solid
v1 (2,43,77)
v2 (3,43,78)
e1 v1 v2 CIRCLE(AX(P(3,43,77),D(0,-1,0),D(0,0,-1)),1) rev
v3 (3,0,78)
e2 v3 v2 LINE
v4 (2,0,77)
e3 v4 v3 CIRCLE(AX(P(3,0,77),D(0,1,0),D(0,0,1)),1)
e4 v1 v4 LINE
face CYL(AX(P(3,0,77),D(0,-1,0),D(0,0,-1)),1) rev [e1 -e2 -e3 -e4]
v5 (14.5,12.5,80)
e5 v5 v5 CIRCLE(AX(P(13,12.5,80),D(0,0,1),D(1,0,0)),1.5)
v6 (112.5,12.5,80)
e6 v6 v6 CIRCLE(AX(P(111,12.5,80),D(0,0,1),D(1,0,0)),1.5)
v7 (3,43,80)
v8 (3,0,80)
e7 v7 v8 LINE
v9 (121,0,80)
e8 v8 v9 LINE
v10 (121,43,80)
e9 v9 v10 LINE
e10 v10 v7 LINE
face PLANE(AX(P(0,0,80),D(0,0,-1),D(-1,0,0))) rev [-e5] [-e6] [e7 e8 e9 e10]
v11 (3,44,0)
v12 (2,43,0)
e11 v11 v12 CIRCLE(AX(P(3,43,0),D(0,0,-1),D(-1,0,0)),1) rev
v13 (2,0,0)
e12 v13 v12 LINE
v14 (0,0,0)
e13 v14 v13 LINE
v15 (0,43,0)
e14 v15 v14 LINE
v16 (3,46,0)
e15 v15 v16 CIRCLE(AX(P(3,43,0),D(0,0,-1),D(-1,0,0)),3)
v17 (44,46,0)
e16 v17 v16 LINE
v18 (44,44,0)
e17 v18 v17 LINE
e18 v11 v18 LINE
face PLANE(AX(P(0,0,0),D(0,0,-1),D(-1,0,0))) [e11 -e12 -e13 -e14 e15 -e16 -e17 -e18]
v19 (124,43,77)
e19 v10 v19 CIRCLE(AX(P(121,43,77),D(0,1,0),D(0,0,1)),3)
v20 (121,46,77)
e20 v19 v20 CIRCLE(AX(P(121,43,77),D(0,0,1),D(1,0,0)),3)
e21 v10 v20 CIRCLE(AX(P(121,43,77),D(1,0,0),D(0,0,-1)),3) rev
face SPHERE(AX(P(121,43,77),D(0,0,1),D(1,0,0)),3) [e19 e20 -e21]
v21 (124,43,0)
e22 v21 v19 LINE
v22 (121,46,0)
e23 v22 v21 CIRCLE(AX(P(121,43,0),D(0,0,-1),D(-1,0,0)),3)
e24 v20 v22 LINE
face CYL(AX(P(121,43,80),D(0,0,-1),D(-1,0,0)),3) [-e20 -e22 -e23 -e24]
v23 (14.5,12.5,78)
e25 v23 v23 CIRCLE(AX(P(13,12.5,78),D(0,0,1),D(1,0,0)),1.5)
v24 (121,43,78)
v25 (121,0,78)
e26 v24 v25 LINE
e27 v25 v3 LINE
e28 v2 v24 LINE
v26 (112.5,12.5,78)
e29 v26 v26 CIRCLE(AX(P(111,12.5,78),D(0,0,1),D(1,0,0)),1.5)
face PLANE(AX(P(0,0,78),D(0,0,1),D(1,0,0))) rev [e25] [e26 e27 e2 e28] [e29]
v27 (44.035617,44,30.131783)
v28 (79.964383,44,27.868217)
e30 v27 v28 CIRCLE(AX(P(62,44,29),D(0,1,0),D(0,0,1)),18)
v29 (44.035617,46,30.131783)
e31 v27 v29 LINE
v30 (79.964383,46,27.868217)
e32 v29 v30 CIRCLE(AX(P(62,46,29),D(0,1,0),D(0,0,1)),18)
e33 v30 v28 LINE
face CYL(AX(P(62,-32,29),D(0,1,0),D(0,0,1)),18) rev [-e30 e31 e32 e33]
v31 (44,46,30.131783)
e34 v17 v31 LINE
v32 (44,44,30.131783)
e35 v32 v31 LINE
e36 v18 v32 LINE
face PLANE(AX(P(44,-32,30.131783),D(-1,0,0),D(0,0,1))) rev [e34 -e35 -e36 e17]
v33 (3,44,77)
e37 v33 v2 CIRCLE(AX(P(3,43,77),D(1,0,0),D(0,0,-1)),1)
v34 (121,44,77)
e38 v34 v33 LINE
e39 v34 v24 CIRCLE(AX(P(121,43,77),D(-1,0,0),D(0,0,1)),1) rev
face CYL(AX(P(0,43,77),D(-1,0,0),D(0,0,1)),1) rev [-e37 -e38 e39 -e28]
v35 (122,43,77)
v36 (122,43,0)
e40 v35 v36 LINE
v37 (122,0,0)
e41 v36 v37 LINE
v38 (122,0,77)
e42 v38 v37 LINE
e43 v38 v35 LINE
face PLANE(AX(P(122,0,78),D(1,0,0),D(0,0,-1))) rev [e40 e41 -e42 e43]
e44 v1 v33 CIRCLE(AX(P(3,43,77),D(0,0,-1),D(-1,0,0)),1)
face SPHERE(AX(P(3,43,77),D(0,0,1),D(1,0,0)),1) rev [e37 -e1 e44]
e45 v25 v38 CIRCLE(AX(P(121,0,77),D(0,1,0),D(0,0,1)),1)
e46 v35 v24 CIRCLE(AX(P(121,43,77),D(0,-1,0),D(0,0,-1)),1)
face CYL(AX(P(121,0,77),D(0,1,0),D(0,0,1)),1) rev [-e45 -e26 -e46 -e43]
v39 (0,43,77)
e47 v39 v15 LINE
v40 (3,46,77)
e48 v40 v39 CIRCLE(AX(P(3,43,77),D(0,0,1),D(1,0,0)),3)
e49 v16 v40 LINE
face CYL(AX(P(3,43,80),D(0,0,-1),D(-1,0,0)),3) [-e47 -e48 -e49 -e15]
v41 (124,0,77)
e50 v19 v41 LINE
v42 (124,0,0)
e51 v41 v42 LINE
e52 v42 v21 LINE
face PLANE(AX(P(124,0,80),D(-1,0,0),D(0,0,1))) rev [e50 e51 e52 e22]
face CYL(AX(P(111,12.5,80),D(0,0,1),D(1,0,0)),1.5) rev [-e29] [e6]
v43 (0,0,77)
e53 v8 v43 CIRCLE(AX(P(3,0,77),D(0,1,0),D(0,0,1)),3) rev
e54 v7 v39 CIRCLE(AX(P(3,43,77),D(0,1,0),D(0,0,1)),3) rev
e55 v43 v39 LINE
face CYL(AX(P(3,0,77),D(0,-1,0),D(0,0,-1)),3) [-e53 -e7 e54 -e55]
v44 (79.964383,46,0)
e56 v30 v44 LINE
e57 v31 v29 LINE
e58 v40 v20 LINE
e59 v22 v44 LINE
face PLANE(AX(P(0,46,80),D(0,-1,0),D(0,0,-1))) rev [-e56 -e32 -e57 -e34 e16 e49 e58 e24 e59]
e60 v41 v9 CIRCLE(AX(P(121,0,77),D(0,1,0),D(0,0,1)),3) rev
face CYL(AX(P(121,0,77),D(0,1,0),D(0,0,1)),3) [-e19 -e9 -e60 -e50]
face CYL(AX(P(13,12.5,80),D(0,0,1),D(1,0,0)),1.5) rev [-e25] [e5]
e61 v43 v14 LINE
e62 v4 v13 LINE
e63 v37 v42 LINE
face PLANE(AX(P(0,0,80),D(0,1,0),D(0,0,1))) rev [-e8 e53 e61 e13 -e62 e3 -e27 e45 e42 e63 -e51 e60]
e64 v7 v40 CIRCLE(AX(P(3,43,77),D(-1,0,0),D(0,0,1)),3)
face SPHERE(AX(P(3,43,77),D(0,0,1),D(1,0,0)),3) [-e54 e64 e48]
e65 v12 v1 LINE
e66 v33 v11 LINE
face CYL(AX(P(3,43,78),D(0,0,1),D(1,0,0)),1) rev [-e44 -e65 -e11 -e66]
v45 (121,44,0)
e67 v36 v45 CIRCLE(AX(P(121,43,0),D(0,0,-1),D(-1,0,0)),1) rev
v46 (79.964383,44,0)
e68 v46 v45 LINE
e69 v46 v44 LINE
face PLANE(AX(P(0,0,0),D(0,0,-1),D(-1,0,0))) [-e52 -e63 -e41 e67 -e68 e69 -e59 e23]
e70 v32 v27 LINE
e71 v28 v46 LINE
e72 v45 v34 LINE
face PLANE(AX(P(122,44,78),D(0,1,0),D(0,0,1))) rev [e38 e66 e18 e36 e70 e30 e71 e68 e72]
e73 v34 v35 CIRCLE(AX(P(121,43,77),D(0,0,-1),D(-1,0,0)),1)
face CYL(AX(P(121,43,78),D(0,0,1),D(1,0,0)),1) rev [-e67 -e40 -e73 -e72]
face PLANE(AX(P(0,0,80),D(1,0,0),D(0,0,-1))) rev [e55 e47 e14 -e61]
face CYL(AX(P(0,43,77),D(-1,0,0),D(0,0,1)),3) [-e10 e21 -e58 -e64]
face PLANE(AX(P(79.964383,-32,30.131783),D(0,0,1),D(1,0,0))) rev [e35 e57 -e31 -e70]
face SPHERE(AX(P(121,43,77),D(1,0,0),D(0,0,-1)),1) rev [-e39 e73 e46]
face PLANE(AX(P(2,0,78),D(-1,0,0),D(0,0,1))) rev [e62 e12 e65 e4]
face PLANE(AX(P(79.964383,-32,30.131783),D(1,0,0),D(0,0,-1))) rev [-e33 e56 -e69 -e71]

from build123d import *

# Parameters (mm, degrees)
SKETCH1_W             = 124
SKETCH1_H             = 46
BOSS_EXTRUDE1_DEPTH   = 80
SKETCH2_W             = 120
SKETCH2_H             = 44
CUT_EXTRUDE1_DEPTH    = 78
SKETCH3_R             = 18
CUT_EXTRUDE2_DEPTH    = 78
SKETCH4_W             = 35.964383321
SKETCH4_H             = 30.131782619
CUT_EXTRUDE3_DEPTH    = 78
FILLET1_R             = 1
FILLET2_R             = 1
FILLET3_R             = 3
F_3_0MM_DOWEL_HOLE1_D = 3


with BuildPart() as part:
    # Sketch1 → Boss-Extrude1 (new body)
    with BuildSketch(Plane.XY):
        with Locations((62, 23)):
            Rectangle(SKETCH1_W, SKETCH1_H)
    extrude(amount=BOSS_EXTRUDE1_DEPTH)

    # Sketch2 → Cut-Extrude1 (cut)
    with BuildSketch(Plane(origin=(0, 0, 0), x_dir=(-1, 0, 0), z_dir=(0, 0, -1))):
        with Locations((-62, 22)):
            Rectangle(SKETCH2_W, SKETCH2_H)
    extrude(amount=-CUT_EXTRUDE1_DEPTH, mode=Mode.SUBTRACT)

    # Sketch3 → Cut-Extrude2 (cut)
    with BuildSketch(Plane(origin=(0, 46, 0), x_dir=(1, 0, 0), z_dir=(0, 1, 0))):
        with Locations(Location((62, -29, 0), (0, 0, 270))):
            Circle(SKETCH3_R)
    extrude(amount=-CUT_EXTRUDE2_DEPTH, mode=Mode.SUBTRACT)

    # Sketch4 → Cut-Extrude3 (cut)
    with BuildSketch(Plane(origin=(0, 46, 0), x_dir=(1, 0, 0), z_dir=(0, 1, 0))):
        with Locations((61.98219166, -15.06589131)):
            Rectangle(SKETCH4_W, SKETCH4_H)
    extrude(amount=-CUT_EXTRUDE3_DEPTH, mode=Mode.SUBTRACT)

    # Fillet1
    fillet1_edges = [part.edges().sort_by_distance(p)[0] for p in [
        (62, 44, 78),
        (2, 22, 78),
        (2, 44, 39),
    ]]
    fillet(fillet1_edges, radius=FILLET1_R)

    # Fillet2
    fillet2_edges = [part.edges().sort_by_distance(p)[0] for p in [
        (122, 21.5, 78),
        (122, 44, 38.5),
        (122, 43.707106781, 77.707106781),
    ]]
    fillet(fillet2_edges, radius=FILLET2_R)

    # Fillet3
    fillet3_edges = [part.edges().sort_by_distance(p)[0] for p in [
        (124, 23, 80),
        (62, 46, 80),
        (0, 23, 80),
        (0, 46, 40),
        (124, 46, 40),
    ]]
    fillet(fillet3_edges, radius=FILLET3_R)

    # Ø3.0mm Dowel Hole1 (through all)
    with Locations(Plane(origin=(13, 12.5, 80), x_dir=(1, 0, 0), z_dir=(0, 0, 1))):
        with Locations((0, 0), (98, 0)):
            Hole(F_3_0MM_DOWEL_HOLE1_D / 2)


solid = part.part
